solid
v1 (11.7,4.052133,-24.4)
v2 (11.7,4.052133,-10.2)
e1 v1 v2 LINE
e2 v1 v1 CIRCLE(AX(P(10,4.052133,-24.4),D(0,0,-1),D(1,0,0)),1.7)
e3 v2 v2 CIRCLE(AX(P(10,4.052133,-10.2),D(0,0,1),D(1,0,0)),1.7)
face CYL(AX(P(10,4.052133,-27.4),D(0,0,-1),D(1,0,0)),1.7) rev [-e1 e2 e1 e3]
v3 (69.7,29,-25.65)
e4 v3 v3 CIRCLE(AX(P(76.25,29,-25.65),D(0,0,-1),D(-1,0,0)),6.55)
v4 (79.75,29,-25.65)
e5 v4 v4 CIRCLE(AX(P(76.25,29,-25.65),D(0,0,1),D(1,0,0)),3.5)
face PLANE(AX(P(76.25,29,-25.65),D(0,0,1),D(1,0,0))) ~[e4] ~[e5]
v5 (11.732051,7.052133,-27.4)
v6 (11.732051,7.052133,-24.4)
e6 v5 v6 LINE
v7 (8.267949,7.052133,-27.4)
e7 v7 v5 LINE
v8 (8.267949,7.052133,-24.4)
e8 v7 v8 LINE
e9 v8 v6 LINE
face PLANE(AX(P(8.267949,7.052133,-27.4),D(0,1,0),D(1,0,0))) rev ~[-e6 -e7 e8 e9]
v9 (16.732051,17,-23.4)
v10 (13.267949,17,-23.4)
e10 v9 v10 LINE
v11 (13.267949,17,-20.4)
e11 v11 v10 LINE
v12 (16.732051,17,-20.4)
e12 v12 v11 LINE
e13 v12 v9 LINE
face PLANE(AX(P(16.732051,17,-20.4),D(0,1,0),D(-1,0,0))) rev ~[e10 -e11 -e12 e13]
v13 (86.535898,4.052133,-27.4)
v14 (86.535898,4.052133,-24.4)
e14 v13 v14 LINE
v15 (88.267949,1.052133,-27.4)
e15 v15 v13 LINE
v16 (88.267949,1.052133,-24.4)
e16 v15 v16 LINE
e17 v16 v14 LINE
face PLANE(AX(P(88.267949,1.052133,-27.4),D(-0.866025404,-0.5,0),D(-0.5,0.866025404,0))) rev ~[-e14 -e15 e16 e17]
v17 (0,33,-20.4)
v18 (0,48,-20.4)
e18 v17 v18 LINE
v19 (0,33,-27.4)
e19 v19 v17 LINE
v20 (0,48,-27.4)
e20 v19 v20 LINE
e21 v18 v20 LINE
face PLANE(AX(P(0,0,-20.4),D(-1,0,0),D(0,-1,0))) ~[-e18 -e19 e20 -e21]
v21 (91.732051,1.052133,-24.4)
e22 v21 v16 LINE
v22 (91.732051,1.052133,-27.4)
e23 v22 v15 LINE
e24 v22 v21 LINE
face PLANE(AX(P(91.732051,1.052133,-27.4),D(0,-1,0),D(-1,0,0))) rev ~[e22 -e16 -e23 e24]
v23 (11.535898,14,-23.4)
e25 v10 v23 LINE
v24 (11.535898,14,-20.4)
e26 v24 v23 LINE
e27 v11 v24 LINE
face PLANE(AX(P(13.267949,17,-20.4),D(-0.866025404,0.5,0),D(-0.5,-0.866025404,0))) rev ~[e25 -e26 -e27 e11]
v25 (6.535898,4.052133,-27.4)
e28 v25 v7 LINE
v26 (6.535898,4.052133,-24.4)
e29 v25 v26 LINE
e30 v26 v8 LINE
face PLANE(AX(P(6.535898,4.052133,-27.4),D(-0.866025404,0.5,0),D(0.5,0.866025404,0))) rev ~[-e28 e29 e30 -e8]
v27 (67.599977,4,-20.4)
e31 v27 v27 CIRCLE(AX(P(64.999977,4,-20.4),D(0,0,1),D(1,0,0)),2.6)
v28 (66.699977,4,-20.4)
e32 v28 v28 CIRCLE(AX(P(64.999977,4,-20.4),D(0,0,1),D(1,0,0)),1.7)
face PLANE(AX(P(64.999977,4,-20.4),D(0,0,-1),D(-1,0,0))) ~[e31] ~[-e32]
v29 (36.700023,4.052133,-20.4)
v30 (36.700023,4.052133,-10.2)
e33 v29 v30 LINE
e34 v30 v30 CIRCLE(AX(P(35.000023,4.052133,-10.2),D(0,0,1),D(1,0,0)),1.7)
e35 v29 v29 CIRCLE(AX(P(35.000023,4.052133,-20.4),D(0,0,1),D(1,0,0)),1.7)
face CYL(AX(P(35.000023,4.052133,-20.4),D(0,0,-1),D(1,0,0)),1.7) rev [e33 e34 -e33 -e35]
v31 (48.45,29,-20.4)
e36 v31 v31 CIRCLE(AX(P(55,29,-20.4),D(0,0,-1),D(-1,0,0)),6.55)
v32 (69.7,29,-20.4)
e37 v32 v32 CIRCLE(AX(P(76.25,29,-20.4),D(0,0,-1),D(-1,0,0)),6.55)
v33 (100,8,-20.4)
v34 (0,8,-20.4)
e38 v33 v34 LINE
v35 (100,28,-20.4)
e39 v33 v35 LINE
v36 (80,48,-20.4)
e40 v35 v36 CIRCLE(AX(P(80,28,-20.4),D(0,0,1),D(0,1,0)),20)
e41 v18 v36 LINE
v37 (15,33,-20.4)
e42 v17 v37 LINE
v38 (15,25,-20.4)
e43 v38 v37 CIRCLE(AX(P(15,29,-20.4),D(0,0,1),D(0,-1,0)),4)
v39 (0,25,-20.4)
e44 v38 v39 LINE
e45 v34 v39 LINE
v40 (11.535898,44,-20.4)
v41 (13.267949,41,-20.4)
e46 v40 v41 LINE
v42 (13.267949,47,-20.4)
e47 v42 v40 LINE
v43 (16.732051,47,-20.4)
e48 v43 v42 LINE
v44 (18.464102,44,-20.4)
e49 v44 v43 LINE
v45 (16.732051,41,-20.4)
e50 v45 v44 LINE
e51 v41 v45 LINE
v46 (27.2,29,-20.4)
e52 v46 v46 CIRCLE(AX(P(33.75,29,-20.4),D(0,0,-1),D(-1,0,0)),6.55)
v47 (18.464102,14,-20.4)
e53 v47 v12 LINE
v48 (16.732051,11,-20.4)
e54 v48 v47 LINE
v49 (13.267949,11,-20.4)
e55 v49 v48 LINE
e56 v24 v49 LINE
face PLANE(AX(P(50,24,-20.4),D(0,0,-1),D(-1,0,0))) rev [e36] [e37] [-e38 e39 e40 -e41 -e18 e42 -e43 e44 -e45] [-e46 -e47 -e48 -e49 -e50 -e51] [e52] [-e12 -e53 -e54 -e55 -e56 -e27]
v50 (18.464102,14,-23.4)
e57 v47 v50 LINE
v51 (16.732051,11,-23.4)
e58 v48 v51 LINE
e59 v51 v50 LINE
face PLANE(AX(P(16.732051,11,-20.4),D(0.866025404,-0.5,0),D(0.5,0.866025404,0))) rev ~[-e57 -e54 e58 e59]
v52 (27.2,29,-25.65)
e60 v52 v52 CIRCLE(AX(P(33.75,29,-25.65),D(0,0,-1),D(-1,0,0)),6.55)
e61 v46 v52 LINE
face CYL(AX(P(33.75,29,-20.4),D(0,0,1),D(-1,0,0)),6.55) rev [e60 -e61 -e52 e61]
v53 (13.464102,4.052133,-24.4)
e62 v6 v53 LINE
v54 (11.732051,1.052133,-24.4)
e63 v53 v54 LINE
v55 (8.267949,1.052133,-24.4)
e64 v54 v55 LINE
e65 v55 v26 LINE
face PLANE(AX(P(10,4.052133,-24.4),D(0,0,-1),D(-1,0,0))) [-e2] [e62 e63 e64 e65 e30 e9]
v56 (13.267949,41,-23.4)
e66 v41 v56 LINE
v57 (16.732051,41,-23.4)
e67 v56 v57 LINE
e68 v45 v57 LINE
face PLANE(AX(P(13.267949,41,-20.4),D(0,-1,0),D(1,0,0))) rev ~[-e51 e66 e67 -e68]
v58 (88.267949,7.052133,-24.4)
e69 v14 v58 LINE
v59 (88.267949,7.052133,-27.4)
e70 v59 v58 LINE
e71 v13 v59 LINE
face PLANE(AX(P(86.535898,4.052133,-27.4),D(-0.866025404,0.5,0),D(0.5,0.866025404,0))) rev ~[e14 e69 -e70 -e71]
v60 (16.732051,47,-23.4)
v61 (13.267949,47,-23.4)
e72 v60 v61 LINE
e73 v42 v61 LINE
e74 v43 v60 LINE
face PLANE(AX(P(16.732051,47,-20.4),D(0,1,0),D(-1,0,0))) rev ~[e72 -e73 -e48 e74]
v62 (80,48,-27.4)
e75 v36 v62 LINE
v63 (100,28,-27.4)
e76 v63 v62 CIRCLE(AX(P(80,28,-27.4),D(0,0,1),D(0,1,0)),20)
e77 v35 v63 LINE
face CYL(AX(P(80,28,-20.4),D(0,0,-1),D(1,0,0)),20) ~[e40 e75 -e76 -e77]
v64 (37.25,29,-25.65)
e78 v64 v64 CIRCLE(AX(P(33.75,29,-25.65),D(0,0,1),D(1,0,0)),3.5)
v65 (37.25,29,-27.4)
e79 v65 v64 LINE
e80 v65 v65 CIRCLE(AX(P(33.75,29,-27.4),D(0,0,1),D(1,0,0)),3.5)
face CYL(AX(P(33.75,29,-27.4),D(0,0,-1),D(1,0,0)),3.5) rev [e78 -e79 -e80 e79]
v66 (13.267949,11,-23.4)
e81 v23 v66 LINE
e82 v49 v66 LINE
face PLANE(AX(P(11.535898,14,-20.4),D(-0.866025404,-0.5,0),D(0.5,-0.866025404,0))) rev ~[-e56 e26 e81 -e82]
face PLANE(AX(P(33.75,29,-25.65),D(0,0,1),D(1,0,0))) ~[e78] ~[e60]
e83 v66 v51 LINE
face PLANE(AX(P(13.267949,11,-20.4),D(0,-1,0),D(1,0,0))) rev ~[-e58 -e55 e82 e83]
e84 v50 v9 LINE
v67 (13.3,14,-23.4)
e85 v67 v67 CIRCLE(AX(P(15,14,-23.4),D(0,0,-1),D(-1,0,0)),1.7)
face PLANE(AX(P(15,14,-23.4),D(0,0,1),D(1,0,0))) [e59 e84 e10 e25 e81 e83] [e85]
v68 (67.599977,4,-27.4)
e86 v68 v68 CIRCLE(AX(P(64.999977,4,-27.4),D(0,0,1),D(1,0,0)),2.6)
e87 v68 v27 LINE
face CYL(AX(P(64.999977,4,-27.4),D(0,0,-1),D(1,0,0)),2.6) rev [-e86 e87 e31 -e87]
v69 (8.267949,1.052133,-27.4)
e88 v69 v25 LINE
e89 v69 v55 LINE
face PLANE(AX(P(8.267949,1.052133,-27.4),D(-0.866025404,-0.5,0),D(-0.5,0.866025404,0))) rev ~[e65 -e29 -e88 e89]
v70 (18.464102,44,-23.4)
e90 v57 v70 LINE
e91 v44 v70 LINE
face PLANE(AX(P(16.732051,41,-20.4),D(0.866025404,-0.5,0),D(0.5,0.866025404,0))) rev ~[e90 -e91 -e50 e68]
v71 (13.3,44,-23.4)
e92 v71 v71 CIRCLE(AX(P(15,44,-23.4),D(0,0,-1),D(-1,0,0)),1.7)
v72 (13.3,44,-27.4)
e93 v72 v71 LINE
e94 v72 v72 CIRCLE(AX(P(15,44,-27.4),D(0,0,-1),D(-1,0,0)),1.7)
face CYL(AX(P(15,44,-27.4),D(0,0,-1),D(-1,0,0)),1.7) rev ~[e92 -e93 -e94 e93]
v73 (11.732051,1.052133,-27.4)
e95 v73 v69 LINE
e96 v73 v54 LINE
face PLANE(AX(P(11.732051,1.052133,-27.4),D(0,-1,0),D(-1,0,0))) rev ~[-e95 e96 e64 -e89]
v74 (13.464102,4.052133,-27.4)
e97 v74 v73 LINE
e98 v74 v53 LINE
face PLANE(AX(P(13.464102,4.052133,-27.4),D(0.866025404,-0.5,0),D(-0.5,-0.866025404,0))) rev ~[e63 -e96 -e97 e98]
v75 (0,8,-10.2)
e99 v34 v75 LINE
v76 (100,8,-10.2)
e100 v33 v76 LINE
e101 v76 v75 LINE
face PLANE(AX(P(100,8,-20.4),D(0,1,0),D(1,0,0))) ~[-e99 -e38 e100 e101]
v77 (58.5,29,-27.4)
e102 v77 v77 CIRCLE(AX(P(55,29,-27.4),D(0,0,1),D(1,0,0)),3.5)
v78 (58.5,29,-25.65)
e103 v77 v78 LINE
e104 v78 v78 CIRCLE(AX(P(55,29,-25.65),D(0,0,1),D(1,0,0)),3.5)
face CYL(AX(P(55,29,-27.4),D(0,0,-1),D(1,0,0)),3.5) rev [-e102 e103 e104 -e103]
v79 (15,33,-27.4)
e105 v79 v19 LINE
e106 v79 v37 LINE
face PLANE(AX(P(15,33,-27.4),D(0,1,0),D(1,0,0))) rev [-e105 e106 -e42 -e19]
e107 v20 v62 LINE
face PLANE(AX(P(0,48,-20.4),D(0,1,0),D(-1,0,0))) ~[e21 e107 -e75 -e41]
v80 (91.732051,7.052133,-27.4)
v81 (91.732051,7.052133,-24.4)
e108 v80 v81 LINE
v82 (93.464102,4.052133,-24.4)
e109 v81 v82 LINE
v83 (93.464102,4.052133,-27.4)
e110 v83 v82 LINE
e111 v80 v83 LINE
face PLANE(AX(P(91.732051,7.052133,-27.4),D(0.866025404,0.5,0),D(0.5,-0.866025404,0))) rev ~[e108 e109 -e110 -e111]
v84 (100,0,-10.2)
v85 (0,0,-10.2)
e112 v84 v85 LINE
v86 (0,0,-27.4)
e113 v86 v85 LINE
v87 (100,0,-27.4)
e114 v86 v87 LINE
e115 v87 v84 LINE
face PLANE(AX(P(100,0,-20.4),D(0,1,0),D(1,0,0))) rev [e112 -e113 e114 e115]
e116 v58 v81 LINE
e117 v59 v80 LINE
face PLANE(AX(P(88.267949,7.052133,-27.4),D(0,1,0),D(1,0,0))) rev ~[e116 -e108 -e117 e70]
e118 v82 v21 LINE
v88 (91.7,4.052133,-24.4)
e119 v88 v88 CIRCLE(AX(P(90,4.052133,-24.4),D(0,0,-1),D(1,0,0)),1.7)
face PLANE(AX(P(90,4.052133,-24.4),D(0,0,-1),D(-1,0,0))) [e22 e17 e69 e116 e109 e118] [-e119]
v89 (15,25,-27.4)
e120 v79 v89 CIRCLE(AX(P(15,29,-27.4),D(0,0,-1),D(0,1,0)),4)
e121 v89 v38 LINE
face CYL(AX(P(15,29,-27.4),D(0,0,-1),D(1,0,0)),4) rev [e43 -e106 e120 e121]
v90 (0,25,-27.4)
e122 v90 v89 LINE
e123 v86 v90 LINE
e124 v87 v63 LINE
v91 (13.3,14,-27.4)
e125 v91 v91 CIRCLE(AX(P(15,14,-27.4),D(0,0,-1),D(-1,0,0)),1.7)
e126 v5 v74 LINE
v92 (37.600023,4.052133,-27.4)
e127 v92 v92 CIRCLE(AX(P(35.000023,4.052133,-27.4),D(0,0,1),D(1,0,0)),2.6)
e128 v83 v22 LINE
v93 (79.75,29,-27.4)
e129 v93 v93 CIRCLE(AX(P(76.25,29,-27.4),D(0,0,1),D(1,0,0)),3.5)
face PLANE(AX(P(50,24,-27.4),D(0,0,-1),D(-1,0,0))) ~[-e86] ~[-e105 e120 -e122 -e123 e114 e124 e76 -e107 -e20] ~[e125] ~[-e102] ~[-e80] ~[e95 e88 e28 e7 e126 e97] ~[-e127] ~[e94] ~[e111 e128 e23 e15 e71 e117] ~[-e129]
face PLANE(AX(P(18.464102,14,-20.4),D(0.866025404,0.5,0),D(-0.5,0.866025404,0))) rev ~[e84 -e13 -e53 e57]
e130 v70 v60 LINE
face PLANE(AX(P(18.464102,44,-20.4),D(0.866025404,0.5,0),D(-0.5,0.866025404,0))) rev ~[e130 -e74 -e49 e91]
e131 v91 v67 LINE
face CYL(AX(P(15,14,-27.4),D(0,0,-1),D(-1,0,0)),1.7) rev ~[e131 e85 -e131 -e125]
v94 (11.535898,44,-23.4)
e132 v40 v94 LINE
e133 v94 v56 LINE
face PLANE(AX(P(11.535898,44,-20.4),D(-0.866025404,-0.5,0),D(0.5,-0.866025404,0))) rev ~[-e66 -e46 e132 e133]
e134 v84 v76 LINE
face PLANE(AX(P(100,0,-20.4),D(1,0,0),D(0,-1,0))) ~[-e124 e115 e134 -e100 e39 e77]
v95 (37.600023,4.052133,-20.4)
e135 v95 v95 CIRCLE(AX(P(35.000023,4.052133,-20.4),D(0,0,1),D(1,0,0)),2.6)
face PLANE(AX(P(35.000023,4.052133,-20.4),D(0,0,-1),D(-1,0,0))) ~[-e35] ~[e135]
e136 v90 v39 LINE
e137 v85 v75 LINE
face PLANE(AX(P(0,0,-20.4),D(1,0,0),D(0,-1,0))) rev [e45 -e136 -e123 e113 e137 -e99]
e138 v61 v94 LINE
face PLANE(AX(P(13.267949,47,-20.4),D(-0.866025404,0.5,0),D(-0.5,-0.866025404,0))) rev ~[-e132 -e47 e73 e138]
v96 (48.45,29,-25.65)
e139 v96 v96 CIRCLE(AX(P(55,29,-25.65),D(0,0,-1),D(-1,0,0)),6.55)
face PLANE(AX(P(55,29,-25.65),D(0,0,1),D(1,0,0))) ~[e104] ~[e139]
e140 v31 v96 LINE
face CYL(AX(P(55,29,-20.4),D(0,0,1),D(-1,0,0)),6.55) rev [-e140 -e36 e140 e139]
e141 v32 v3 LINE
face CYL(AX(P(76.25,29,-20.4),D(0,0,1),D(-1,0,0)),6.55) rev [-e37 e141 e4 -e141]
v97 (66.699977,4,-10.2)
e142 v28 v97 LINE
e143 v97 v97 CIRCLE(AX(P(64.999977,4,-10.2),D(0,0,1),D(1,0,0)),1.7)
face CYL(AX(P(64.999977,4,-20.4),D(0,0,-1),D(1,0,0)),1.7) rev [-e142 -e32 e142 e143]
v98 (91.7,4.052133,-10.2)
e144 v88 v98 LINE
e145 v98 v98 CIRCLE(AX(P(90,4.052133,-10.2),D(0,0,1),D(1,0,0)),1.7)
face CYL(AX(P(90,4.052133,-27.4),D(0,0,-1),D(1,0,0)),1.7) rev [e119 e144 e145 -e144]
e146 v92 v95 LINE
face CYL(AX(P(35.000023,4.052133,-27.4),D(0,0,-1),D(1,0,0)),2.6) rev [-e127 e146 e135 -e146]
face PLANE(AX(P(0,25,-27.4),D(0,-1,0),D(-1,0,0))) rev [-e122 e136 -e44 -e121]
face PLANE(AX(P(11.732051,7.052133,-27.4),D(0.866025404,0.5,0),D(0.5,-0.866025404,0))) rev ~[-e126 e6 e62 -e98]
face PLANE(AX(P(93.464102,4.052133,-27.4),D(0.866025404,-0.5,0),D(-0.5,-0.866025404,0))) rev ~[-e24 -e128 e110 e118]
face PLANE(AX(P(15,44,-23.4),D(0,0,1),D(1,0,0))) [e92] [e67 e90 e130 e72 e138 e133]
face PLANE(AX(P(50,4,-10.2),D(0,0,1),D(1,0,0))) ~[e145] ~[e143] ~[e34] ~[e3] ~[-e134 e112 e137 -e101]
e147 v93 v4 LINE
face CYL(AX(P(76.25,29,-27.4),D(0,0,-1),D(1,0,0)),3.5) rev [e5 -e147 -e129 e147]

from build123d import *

# Parameters (mm, degrees)
SKETCH1_W           = 100
SKETCH1_H           = 48
BOSS_EXTRUDE1_DEPTH = 7
CUT_EXTRUDE1_REACH  = 113.144
SKETCH2_R           = 4
SKETCH2_R_2         = 3.5
SKETCH3_W           = 100
SKETCH3_H           = 8
BOSS_EXTRUDE2_DEPTH = 10.2
SKETCH4_R           = 6.55
CUT_EXTRUDE2_DEPTH  = 5.25
SKETCH5_R           = 2.6
CUT_EXTRUDE3_DEPTH  = 7
SKETCH7_R           = 1.7
CUT_EXTRUDE4_DEPTH  = 112.391382072
CUT_EXTRUDE5_REACH  = 114.249
SKETCH8_R           = 1.7
CUT_EXTRUDE6_DEPTH  = 3
CUT_EXTRUDE7_REACH  = 114.249
SKETCH10_R          = 1.7
CUT_EXTRUDE8_DEPTH  = 3
FILLET1_R           = 20


with BuildPart() as part:
    # Sketch1 → Boss-Extrude1 (new body)
    with BuildSketch(Plane.XY):
        with Locations((50, 24)):
            Rectangle(SKETCH1_W, SKETCH1_H)
    extrude(amount=BOSS_EXTRUDE1_DEPTH)

    # Sketch2 → Cut-Extrude1 (cut, up to next)
    with BuildSketch(Plane.XY.offset(7), mode=Mode.PRIVATE) as cut_extrude1_sk1:
        with BuildLine():
            ThreePointArc((15, 25), (11, 29), (15, 33))
            Line((15, 33), (0, 33))
            Line((0, 33), (0, 25))
            Line((0, 25), (15, 25))
        make_face()
    cut_extrude1_tool1 = extrude(cut_extrude1_sk1.sketch, amount=-CUT_EXTRUDE1_REACH, mode=Mode.PRIVATE) & part.part
    # Sketch2 → Cut-Extrude1 (cut, up to next)
    with BuildSketch(Plane.XY.offset(7), mode=Mode.PRIVATE) as cut_extrude1_sk2:
        with Locations((15, 29)):
            Circle(SKETCH2_R)
    cut_extrude1_tool2 = extrude(cut_extrude1_sk2.sketch, amount=-CUT_EXTRUDE1_REACH, mode=Mode.PRIVATE) & part.part
    # Sketch2 → Cut-Extrude1 (cut, up to next)
    with BuildSketch(Plane.XY.offset(7), mode=Mode.PRIVATE) as cut_extrude1_sk3:
        with Locations((33.75, 29)):
            Circle(SKETCH2_R_2)
    cut_extrude1_tool3 = extrude(cut_extrude1_sk3.sketch, amount=-CUT_EXTRUDE1_REACH, mode=Mode.PRIVATE) & part.part
    # Sketch2 → Cut-Extrude1 (cut, up to next)
    with BuildSketch(Plane.XY.offset(7), mode=Mode.PRIVATE) as cut_extrude1_sk4:
        with Locations((55, 29)):
            Circle(SKETCH2_R_2)
    cut_extrude1_tool4 = extrude(cut_extrude1_sk4.sketch, amount=-CUT_EXTRUDE1_REACH, mode=Mode.PRIVATE) & part.part
    # Sketch2 → Cut-Extrude1 (cut, up to next)
    with BuildSketch(Plane.XY.offset(7), mode=Mode.PRIVATE) as cut_extrude1_sk5:
        with Locations((76.25, 29)):
            Circle(SKETCH2_R_2)
    cut_extrude1_tool5 = extrude(cut_extrude1_sk5.sketch, amount=-CUT_EXTRUDE1_REACH, mode=Mode.PRIVATE) & part.part
    add(cut_extrude1_tool1.solids().sort_by_distance((5.962811, 29, 7))[0], mode=Mode.SUBTRACT)
    add(cut_extrude1_tool2.solids().sort_by_distance((15, 29, 7))[0], mode=Mode.SUBTRACT)
    add(cut_extrude1_tool3.solids().sort_by_distance((33.75, 29, 7))[0], mode=Mode.SUBTRACT)
    add(cut_extrude1_tool4.solids().sort_by_distance((55, 29, 7))[0], mode=Mode.SUBTRACT)
    add(cut_extrude1_tool5.solids().sort_by_distance((76.25, 29, 7))[0], mode=Mode.SUBTRACT)

    # Sketch3 → Boss-Extrude2 (add)
    with BuildSketch(Plane(origin=(0, 0, 0), x_dir=(-1, 0, 0), z_dir=(0, 0, -1))):
        with Locations((-50, 4)):
            Rectangle(SKETCH3_W, SKETCH3_H)
    extrude(amount=BOSS_EXTRUDE2_DEPTH)

    # Sketch4 → Cut-Extrude2 (cut)
    with BuildSketch(Plane(origin=(0, 0, 0), x_dir=(-1, 0, 0), z_dir=(0, 0, -1))):
        with Locations((-76.25, 29)):
            Circle(SKETCH4_R)
        with Locations((-55, 29)):
            Circle(SKETCH4_R)
        with Locations((-33.75, 29)):
            Circle(SKETCH4_R)
    extrude(amount=-CUT_EXTRUDE2_DEPTH, mode=Mode.SUBTRACT)

    # Sketch5 → Cut-Extrude3 (cut)
    with BuildSketch(Plane.XY.offset(7)):
        with Locations((35.000022648, 4.052132501)):
            Circle(SKETCH5_R)
        with Locations((64.999977352, 4)):
            Circle(SKETCH5_R)
    extrude(amount=-CUT_EXTRUDE3_DEPTH, mode=Mode.SUBTRACT)

    # Sketch7 → Cut-Extrude4 (cut, through all)
    with BuildSketch(Plane.XY):
        with Locations((35.000022648, 4.052132501)):
            Circle(SKETCH7_R)
        with Locations((64.999977352, 4)):
            Circle(SKETCH7_R)
    extrude(amount=-CUT_EXTRUDE4_DEPTH, mode=Mode.SUBTRACT)

    # Sketch8 → Cut-Extrude5 (cut, up to next)
    with BuildSketch(Plane.XY.offset(7), mode=Mode.PRIVATE) as cut_extrude5_sk1:
        with Locations((10, 4.052132501)):
            Circle(SKETCH8_R)
    cut_extrude5_tool1 = extrude(cut_extrude5_sk1.sketch, amount=-CUT_EXTRUDE5_REACH, mode=Mode.PRIVATE) & part.part
    # Sketch8 → Cut-Extrude5 (cut, up to next)
    with BuildSketch(Plane.XY.offset(7), mode=Mode.PRIVATE) as cut_extrude5_sk2:
        with Locations((90, 4.052132501)):
            Circle(SKETCH8_R)
    cut_extrude5_tool2 = extrude(cut_extrude5_sk2.sketch, amount=-CUT_EXTRUDE5_REACH, mode=Mode.PRIVATE) & part.part
    add(cut_extrude5_tool1.solids().sort_by_distance((10, 4.052133, 7))[0], mode=Mode.SUBTRACT)
    add(cut_extrude5_tool2.solids().sort_by_distance((90, 4.052133, 7))[0], mode=Mode.SUBTRACT)


with BuildPart() as body_2:
    # Mirror1: mirrored copy
    add(part.part.mirror(Plane.XY.offset(-10.2)))

    # Sketch9 → Cut-Extrude6 (cut)
    with BuildSketch(Plane(origin=(0, 0, -27.4), x_dir=(-1, 0, 0), z_dir=(0, 0, -1))):
        Polygon((-88.267949192, 1.052132501), (-86.535898385, 4.052132501), (-88.267949192, 7.052132501), (-91.732050808, 7.052132501), (-93.464101615, 4.052132501), (-91.732050808, 1.052132501), align=None)
        Polygon((-13.464101615, 4.052132501), (-11.732050808, 1.052132501), (-8.267949192, 1.052132501), (-6.535898385, 4.052132501), (-8.267949192, 7.052132501), (-11.732050808, 7.052132501), align=None)
    extrude(amount=-CUT_EXTRUDE6_DEPTH, mode=Mode.SUBTRACT)

    # Sketch10 → Cut-Extrude7 (cut, up to next)
    with BuildSketch(Plane(origin=(0, 0, -27.4), x_dir=(-1, 0, 0), z_dir=(0, 0, -1)), mode=Mode.PRIVATE) as cut_extrude7_sk1:
        with Locations((-15, 44)):
            Circle(SKETCH10_R)
    cut_extrude7_tool1 = extrude(cut_extrude7_sk1.sketch, amount=-CUT_EXTRUDE7_REACH, mode=Mode.PRIVATE) & body_2.part
    # Sketch10 → Cut-Extrude7 (cut, up to next)
    with BuildSketch(Plane(origin=(0, 0, -27.4), x_dir=(-1, 0, 0), z_dir=(0, 0, -1)), mode=Mode.PRIVATE) as cut_extrude7_sk2:
        with Locations((-15, 14)):
            Circle(SKETCH10_R)
    cut_extrude7_tool2 = extrude(cut_extrude7_sk2.sketch, amount=-CUT_EXTRUDE7_REACH, mode=Mode.PRIVATE) & body_2.part
    add(cut_extrude7_tool1.solids().sort_by_distance((15, 44, -27.4))[0], mode=Mode.SUBTRACT)
    add(cut_extrude7_tool2.solids().sort_by_distance((15, 14, -27.4))[0], mode=Mode.SUBTRACT)

    # Sketch11 → Cut-Extrude8 (cut)
    with BuildSketch(Plane.XY.offset(-20.4)):
        Polygon((18.464101615, 44), (16.732050808, 47), (13.267949192, 47), (11.535898385, 44), (13.267949192, 41), (16.732050808, 41), align=None)
        Polygon((18.464101615, 14), (16.732050808, 17), (13.267949192, 17), (11.535898385, 14), (13.267949192, 11), (16.732050808, 11), align=None)
    extrude(amount=-CUT_EXTRUDE8_DEPTH, mode=Mode.SUBTRACT)

    # Fillet1
    fillet1_edges = [body_2.edges().sort_by_distance(p)[0] for p in [
        (100, 48, -23.9),
    ]]
    fillet(fillet1_edges, radius=FILLET1_R)


solid = body_2.part
